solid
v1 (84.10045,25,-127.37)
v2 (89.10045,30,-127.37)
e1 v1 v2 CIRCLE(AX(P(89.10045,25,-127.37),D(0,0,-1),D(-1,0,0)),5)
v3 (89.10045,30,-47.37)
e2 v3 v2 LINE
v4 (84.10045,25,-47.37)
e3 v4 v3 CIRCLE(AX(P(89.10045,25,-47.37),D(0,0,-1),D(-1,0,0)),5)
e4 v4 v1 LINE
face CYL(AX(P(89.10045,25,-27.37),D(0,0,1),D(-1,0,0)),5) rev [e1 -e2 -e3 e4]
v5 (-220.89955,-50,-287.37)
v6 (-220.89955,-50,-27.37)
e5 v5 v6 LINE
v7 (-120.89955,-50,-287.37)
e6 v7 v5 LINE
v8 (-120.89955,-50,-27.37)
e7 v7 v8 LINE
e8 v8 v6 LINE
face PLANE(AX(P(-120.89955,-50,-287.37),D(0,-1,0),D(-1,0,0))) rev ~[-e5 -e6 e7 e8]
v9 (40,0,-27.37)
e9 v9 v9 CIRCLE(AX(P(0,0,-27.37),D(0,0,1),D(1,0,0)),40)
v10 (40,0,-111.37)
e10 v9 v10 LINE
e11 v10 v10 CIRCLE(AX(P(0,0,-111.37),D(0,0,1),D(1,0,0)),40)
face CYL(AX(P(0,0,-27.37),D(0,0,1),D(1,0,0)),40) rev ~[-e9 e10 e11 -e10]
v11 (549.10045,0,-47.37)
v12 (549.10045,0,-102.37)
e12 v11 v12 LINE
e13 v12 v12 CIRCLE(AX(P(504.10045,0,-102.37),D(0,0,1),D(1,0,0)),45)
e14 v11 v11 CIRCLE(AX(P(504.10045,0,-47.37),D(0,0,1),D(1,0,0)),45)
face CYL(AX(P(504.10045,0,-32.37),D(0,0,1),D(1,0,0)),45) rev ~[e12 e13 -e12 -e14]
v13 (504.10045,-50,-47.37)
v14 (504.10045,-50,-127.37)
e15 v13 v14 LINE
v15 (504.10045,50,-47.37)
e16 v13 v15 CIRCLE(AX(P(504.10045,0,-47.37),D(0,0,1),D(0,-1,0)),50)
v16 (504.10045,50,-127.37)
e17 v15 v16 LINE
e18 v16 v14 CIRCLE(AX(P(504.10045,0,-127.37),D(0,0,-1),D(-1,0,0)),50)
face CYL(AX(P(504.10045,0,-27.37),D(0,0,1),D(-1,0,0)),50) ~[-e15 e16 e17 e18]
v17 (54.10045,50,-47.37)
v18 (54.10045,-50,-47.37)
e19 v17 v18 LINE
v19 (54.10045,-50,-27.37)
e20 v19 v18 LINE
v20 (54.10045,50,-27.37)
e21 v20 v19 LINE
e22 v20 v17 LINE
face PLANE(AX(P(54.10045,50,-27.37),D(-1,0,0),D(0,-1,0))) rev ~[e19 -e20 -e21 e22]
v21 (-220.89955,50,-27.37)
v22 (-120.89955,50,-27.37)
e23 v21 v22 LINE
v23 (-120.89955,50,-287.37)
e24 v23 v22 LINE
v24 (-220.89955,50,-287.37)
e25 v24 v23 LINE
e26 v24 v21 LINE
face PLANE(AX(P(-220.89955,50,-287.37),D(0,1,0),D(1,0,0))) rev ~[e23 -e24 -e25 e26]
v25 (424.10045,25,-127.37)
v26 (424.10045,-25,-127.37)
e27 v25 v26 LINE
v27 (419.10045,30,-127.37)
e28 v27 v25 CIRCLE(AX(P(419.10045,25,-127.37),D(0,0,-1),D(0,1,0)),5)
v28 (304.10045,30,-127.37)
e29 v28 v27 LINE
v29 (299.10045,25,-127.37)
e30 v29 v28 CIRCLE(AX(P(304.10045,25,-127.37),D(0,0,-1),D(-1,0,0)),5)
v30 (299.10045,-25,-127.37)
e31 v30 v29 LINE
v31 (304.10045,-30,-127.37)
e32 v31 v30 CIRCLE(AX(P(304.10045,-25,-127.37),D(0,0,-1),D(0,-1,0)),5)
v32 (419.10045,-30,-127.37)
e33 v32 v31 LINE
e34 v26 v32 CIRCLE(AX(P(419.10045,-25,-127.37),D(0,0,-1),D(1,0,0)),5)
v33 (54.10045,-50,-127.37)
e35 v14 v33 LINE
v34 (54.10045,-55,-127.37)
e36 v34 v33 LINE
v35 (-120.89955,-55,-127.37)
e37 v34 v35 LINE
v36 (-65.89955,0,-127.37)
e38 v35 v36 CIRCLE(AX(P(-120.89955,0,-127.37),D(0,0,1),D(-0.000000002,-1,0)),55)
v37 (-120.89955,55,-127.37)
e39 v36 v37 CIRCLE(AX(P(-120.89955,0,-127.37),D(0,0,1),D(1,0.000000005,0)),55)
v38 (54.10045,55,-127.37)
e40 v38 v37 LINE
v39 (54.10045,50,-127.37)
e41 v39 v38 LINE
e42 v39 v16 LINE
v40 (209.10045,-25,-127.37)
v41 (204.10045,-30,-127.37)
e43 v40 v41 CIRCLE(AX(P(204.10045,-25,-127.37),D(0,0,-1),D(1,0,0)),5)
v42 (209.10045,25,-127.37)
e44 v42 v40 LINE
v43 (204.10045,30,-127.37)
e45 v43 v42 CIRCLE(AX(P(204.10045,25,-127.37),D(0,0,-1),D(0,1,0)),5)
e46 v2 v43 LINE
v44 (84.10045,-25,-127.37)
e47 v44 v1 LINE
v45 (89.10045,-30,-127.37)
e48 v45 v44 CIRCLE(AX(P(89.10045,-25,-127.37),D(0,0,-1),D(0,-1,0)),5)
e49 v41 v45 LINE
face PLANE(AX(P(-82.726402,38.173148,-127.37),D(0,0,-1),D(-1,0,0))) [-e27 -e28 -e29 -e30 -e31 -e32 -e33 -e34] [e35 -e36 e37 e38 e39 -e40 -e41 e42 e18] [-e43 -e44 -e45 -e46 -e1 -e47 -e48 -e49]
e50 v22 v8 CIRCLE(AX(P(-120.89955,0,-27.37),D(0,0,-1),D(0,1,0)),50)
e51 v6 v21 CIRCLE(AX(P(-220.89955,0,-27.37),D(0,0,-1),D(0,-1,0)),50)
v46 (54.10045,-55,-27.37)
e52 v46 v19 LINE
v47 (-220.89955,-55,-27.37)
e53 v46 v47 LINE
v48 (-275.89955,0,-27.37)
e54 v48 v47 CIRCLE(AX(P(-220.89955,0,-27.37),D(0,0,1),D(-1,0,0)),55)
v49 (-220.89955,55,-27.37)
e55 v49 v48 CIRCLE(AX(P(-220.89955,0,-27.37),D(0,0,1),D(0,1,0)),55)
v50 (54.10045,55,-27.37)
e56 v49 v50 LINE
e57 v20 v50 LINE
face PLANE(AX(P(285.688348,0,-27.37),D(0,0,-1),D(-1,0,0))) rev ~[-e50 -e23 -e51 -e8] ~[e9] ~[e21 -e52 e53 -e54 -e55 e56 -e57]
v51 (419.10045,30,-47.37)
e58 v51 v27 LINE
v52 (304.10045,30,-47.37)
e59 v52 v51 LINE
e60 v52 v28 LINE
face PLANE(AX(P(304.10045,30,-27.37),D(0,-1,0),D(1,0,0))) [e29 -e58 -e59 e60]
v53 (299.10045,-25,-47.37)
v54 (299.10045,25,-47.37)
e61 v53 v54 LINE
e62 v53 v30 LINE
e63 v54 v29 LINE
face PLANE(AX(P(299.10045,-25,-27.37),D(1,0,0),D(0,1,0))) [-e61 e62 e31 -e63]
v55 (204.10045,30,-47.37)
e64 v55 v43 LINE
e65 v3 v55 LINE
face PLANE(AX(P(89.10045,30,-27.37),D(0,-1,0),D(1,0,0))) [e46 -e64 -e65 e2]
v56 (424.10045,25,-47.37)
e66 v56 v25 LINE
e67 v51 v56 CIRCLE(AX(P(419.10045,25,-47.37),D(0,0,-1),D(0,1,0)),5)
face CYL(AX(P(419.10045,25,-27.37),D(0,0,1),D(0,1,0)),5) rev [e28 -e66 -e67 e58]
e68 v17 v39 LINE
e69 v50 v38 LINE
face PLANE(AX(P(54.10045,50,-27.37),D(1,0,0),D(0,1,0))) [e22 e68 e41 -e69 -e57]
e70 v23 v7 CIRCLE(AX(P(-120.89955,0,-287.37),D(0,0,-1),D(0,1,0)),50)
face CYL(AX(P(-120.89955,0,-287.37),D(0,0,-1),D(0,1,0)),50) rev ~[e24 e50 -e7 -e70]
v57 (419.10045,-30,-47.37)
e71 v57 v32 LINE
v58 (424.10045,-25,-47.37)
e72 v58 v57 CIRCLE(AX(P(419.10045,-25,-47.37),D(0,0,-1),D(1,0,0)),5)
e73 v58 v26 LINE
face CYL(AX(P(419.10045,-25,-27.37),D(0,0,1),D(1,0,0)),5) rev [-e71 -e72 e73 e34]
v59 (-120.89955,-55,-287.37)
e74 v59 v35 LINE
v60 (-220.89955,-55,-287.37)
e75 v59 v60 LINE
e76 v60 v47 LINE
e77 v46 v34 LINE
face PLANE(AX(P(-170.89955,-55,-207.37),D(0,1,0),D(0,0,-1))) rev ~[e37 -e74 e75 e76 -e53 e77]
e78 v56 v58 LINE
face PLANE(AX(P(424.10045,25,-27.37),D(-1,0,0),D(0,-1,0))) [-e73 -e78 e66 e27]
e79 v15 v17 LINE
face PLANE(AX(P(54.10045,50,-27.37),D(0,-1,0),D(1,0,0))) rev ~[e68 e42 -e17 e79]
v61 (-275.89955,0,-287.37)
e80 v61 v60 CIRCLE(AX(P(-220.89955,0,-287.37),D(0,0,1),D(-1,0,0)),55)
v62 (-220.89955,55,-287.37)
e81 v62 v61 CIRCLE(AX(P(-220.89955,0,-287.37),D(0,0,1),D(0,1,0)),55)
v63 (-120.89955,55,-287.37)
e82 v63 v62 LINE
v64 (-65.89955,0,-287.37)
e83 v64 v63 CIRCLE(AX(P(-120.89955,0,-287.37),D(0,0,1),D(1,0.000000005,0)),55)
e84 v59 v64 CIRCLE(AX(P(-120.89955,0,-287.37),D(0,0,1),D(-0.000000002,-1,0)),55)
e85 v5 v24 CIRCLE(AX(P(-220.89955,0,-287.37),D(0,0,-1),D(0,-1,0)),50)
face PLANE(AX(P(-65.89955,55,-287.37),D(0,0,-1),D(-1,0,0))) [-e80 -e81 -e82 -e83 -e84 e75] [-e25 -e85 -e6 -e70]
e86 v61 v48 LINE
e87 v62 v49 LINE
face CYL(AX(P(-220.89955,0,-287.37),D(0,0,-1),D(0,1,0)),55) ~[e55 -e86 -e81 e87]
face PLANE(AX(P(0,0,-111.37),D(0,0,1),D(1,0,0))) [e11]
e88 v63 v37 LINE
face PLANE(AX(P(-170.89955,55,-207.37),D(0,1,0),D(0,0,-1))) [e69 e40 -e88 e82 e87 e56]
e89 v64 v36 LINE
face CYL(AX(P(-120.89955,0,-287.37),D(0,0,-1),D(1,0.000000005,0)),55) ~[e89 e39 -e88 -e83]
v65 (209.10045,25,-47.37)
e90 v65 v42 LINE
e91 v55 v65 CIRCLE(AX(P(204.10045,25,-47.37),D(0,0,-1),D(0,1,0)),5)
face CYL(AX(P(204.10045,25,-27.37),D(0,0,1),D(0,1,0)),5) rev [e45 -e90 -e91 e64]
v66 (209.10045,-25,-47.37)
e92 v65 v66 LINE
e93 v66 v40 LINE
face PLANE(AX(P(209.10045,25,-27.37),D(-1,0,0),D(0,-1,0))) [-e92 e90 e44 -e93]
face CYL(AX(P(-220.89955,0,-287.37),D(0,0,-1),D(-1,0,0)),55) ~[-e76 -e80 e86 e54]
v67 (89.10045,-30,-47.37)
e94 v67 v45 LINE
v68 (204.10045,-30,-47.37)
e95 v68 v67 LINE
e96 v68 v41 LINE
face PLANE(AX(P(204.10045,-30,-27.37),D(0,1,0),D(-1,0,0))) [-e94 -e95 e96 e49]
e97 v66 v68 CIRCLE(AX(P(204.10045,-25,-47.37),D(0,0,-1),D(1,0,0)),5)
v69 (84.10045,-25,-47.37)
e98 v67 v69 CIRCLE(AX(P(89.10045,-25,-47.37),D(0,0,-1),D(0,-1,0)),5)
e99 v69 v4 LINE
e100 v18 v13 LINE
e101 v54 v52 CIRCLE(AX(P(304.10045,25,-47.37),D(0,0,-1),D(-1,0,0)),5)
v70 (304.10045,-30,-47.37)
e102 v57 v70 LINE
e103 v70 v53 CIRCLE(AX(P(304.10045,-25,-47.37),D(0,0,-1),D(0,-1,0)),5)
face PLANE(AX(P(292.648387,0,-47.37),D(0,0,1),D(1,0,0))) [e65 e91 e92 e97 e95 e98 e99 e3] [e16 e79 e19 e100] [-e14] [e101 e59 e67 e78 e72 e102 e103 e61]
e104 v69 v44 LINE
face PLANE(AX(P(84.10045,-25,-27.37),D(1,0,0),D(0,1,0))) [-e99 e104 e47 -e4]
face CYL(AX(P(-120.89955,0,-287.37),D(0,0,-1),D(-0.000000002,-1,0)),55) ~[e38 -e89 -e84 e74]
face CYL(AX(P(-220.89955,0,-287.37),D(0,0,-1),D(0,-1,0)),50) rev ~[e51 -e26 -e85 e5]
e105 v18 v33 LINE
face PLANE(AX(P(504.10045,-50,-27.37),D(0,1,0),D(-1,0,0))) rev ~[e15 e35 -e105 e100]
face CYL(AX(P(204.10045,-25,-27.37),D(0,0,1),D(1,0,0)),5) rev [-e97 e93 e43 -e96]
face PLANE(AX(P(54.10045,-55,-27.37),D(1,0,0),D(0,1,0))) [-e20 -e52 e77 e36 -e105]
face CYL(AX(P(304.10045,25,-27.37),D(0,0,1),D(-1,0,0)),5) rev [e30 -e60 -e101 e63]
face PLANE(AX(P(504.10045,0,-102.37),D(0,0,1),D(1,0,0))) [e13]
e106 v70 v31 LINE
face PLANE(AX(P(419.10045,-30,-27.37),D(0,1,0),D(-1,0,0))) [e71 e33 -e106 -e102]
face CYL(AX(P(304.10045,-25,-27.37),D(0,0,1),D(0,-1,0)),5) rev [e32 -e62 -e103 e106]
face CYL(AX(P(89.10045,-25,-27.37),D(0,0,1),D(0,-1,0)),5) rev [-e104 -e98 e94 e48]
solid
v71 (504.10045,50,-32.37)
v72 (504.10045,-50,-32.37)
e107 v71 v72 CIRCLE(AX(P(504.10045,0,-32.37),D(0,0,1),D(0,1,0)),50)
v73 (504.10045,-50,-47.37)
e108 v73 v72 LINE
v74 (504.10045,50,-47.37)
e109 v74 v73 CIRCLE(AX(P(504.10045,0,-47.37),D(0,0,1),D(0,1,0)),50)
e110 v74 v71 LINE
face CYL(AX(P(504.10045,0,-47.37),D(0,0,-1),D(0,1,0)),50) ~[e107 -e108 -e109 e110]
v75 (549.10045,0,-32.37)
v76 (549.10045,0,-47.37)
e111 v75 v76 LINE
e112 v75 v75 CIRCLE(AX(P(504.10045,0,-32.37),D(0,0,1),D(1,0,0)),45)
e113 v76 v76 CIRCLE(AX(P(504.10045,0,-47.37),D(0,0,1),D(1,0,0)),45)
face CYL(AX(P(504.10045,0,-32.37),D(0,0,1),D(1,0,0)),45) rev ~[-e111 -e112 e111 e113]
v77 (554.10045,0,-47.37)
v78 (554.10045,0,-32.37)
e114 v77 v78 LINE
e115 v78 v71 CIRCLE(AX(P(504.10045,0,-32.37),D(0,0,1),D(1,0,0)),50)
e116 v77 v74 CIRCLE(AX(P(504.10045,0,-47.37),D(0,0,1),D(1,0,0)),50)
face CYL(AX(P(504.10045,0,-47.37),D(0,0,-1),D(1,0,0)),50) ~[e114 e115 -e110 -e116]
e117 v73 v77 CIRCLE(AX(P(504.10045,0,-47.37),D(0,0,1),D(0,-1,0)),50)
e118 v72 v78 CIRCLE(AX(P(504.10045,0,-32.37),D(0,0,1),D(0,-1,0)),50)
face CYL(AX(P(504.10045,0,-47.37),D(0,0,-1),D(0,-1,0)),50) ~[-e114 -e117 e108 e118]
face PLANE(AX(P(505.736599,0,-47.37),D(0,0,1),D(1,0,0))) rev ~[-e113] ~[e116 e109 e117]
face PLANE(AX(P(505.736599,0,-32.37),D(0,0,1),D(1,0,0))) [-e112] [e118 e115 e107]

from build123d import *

# Parameters (mm, degrees)
SKETCH1_R             = 50
SKETCH1_W             = 100
SKETCH1_H             = 110
SKETCH1_W_2           = 230
SKETCH1_H_2           = 55
BOSS_EXTRUDE1_DEPTH   = 100
SKETCH2_W             = 160
SKETCH2_H             = 210
BOSS_EXTRUDE2_DEPTH   = 110
CUT_EXTRUDE1_DEPTH    = 260
CUT_EXTRUDE2_DEPTH    = 160
CUT_EXTRUDE3_DEPTH    = 100
BODY_MOVE_COPY1_ANGLE = 86
SKETCH15_R            = 40
CUT_EXTRUDE4_DEPTH    = 84
CUT_EXTRUDE5_DEPTH    = 20
BOSS_EXTRUDE3_DEPTH   = 15
BODY_MOVE_COPY6_ANGLE = 4
CUT_EXTRUDE6_DEPTH    = 270
SKETCH20_R            = 45
CUT_EXTRUDE7_DEPTH    = 70


with BuildPart() as part:
    # Sketch1 → Boss-Extrude1 (new body)
    with BuildSketch(Plane(origin=(0, 0, 0), x_dir=(0, 0, -1), z_dir=(1, 0, 0))):
        with BuildLine():
            Line((-50, 50), (-500, 50))
            ThreePointArc((-500, 50), (-464.644660941, 35.355339059), (-450, 0))
            ThreePointArc((-450, 0), (-464.644660941, -35.355339059), (-500, -50))
            Line((-500, -50), (-50, -50))
            Line((-50, -50), (-50, 50))
        make_face()
        with Locations((-500, 0)):
            Circle(SKETCH1_R)
        Rectangle(SKETCH1_W, SKETCH1_H)
        with Locations((165, -27.5)):
            Rectangle(SKETCH1_W_2, SKETCH1_H_2)
        with Locations((165, 27.5)):
            Rectangle(SKETCH1_W_2, SKETCH1_H_2)
    extrude(amount=BOSS_EXTRUDE1_DEPTH)

    # Sketch2 → Boss-Extrude2 (add)
    with BuildSketch(Plane(origin=(0, 55, 0), x_dir=(1, 0, 0), z_dir=(0, 1, 0))):
        with Locations((180, 175)):
            Rectangle(SKETCH2_W, SKETCH2_H)
    extrude(amount=-BOSS_EXTRUDE2_DEPTH)

    # Sketch3 → Cut-Extrude1 (cut)
    with BuildSketch(Plane(origin=(260, 0, 0), x_dir=(0, 0, -1), z_dir=(1, 0, 0))):
        with BuildLine():
            ThreePointArc((225, 55), (263.890872965, 38.890872965), (280, 0))
            Line((280, 0), (280, 55))
            Line((280, 55), (225, 55))
        make_face()
        with BuildLine():
            ThreePointArc((280, 0), (263.890872965, -38.890872965), (225, -55))
            Line((225, -55), (280, -55))
            Line((280, -55), (280, 0))
        make_face()
    extrude(amount=-CUT_EXTRUDE1_DEPTH, mode=Mode.SUBTRACT)

    # Sketch3<3> → Cut-Extrude2 (cut)
    with BuildSketch(Plane(origin=(260, 0, 0), x_dir=(0, 0, -1), z_dir=(1, 0, 0))):
        with BuildLine():
            Line((70, 55), (70, 2.89e-07))
            ThreePointArc((70, 2.89e-07), (86.109127186, 38.890873117), (125.00000014, 55))
            Line((125.00000014, 55), (70, 55))
        make_face()
        with BuildLine():
            Line((70, 2.89e-07), (70, -55))
            Line((70, -55), (125.000000101, -55))
            ThreePointArc((125.000000101, -55), (86.109126968, -38.890872899), (70, 2.89e-07))
        make_face()
    extrude(amount=-CUT_EXTRUDE2_DEPTH, mode=Mode.SUBTRACT)

    # Sketch12 → Cut-Extrude3 (cut)
    with BuildSketch(Plane.ZY):
        with BuildLine():
            Line((85, 30), (200, 30))
            ThreePointArc((200, 30), (203.535533906, 28.535533906), (205, 25))
            Line((205, 25), (205, -25))
            ThreePointArc((205, -25), (203.535533906, -28.535533906), (200, -30))
            Line((200, -30), (85, -30))
            ThreePointArc((85, -30), (81.464466094, -28.535533906), (80, -25))
            Line((80, -25), (80, 25))
            ThreePointArc((80, 25), (81.464466094, 28.535533906), (85, 30))
        make_face()
        with BuildLine():
            Line((415, -30), (300, -30))
            ThreePointArc((300, -30), (296.464466094, -28.535533906), (295, -25))
            Line((295, -25), (295, 25))
            ThreePointArc((295, 25), (296.464466094, 28.535533906), (300, 30))
            Line((300, 30), (415, 30))
            ThreePointArc((415, 30), (418.535533906, 28.535533906), (420, 25))
            Line((420, 25), (420, -25))
            ThreePointArc((420, -25), (418.535533906, -28.535533906), (415, -30))
        make_face()
    extrude(amount=-CUT_EXTRUDE3_DEPTH, mode=Mode.SUBTRACT)


with BuildPart() as part_1:
    # Body-Move/Copy1: moved
    add(part.part.rotate(Axis((130, 0, 135), (0, 1, 0)), BODY_MOVE_COPY1_ANGLE))

    # Sketch15 → Cut-Extrude4 (cut)
    with BuildSketch(Plane(origin=(-17.82995037, 0, 254.980169612), x_dir=(0.99756405, 0, 0.069756474), z_dir=(-0.069756474, 0, 0.99756405))):
        Circle(SKETCH15_R)
    extrude(amount=-CUT_EXTRUDE4_DEPTH, mode=Mode.SUBTRACT)


with BuildPart() as part_2:
    # Body-Move/Copy2: moved
    add(part_1.part.moved(Location((17.82995037, 0, -254.980169612))))

    # Sketch17 → Cut-Extrude5 (cut)
    with BuildSketch(Plane(origin=(0, 0, 0), x_dir=(0.99756405, 0, 0.069756474), z_dir=(-0.069756474, 0, 0.99756405))):
        with BuildLine():
            Line((54.100450489, 50), (54.100450489, -50))
            Line((54.100450489, -50), (504.100450489, -50))
            ThreePointArc((504.100450489, -50), (554.100450489, 0), (504.100450489, 50))
            Line((504.100450489, 50), (54.100450489, 50))
        make_face()
        with BuildLine():
            ThreePointArc((424.100450489, -25), (422.635984395, -28.535533906), (419.100450489, -30))
            Line((419.100450489, -30), (304.100450489, -30))
            ThreePointArc((304.100450489, -30), (300.564916583, -28.535533906), (299.100450489, -25))
            Line((299.100450489, -25), (299.100450489, 25))
            ThreePointArc((299.100450489, 25), (300.564916583, 28.535533906), (304.100450489, 30))
            Line((304.100450489, 30), (419.100450489, 30))
            ThreePointArc((419.100450489, 30), (422.635984395, 28.535533906), (424.100450489, 25))
            Line((424.100450489, 25), (424.100450489, -25))
        make_face(mode=Mode.SUBTRACT)
        with BuildLine():
            ThreePointArc((209.100450489, -25), (207.635984395, -28.535533906), (204.100450489, -30))
            Line((204.100450489, -30), (89.100450489, -30))
            ThreePointArc((89.100450489, -30), (85.564916583, -28.535533906), (84.100450489, -25))
            Line((84.100450489, -25), (84.100450489, 25))
            ThreePointArc((84.100450489, 25), (85.564916583, 28.535533906), (89.100450489, 30))
            Line((89.100450489, 30), (204.100450489, 30))
            ThreePointArc((204.100450489, 30), (207.635984395, 28.535533906), (209.100450489, 25))
            Line((209.100450489, 25), (209.100450489, -25))
        make_face(mode=Mode.SUBTRACT)
    extrude(amount=-CUT_EXTRUDE5_DEPTH, mode=Mode.SUBTRACT)


with BuildPart() as body_2:
    # Sketch18 → Boss-Extrude3 (new body)
    with BuildSketch(Plane(origin=(1.395129475, 0, -19.951281005), x_dir=(0.99756405, 0, 0.069756474), z_dir=(-0.069756474, 0, 0.99756405))):
        with BuildLine():
            ThreePointArc((554.100450489, 0), (539.455789548, 35.355339059), (504.100450489, 50))
            ThreePointArc((504.100450489, 50), (454.100450489, 0), (504.100450489, -50))
            ThreePointArc((504.100450489, -50), (539.455789548, -35.355339059), (554.100450489, 0))
        make_face()
    extrude(amount=BOSS_EXTRUDE3_DEPTH)


with BuildPart() as part_3:
    # Body-Move/Copy6: moved
    add(part_2.part.rotate(Axis((0, 0, 0), (0, 1, 0)), BODY_MOVE_COPY6_ANGLE))


with BuildPart() as body_2_1:
    # Body-Move/Copy6: moved
    add(body_2.part.rotate(Axis((0, 0, 0), (0, 1, 0)), BODY_MOVE_COPY6_ANGLE))


with BuildPart() as part_4:
    # Body-Move/Copy7: moved
    add(part_3.part.moved(Location((0, 0, -27.37))))

    # Sketch19 → Cut-Extrude6 (cut)
    with BuildSketch(Plane(origin=(0, 0, -287.37), x_dir=(-1, 0, 0), z_dir=(0, 0, -1))):
        with BuildLine():
            Line((120.899549511, -50), (220.899549511, -50))
            ThreePointArc((220.899549511, -50), (270.899549511, 0), (220.899549511, 50))
            Line((220.899549511, 50), (120.899549511, 50))
            ThreePointArc((120.899549511, 50), (70.899549511, 0), (120.899549511, -50))
        make_face()
    extrude(amount=-CUT_EXTRUDE6_DEPTH, mode=Mode.SUBTRACT)


with BuildPart() as body_2_2:
    # Body-Move/Copy7: moved
    add(body_2_1.part.moved(Location((0, 0, -27.37))))


with BuildPart() as cut_extrude7_tool:
    # Sketch20 → Cut-Extrude7 (new body)
    with BuildSketch(Plane.XY.offset(-32.37)):
        with Locations((504.100450489, 0)):
            Circle(SKETCH20_R)
    extrude(amount=-CUT_EXTRUDE7_DEPTH)


with BuildPart() as part_5:
    add(part_4.part)

    # Cut-Extrude7: cut by cut_extrude7_tool
    add(cut_extrude7_tool.part, mode=Mode.SUBTRACT)


with BuildPart() as body_2_3:
    add(body_2_2.part)

    # Cut-Extrude7: cut by cut_extrude7_tool
    add(cut_extrude7_tool.part, mode=Mode.SUBTRACT)


solid = Compound([part_5.part, body_2_3.part])
